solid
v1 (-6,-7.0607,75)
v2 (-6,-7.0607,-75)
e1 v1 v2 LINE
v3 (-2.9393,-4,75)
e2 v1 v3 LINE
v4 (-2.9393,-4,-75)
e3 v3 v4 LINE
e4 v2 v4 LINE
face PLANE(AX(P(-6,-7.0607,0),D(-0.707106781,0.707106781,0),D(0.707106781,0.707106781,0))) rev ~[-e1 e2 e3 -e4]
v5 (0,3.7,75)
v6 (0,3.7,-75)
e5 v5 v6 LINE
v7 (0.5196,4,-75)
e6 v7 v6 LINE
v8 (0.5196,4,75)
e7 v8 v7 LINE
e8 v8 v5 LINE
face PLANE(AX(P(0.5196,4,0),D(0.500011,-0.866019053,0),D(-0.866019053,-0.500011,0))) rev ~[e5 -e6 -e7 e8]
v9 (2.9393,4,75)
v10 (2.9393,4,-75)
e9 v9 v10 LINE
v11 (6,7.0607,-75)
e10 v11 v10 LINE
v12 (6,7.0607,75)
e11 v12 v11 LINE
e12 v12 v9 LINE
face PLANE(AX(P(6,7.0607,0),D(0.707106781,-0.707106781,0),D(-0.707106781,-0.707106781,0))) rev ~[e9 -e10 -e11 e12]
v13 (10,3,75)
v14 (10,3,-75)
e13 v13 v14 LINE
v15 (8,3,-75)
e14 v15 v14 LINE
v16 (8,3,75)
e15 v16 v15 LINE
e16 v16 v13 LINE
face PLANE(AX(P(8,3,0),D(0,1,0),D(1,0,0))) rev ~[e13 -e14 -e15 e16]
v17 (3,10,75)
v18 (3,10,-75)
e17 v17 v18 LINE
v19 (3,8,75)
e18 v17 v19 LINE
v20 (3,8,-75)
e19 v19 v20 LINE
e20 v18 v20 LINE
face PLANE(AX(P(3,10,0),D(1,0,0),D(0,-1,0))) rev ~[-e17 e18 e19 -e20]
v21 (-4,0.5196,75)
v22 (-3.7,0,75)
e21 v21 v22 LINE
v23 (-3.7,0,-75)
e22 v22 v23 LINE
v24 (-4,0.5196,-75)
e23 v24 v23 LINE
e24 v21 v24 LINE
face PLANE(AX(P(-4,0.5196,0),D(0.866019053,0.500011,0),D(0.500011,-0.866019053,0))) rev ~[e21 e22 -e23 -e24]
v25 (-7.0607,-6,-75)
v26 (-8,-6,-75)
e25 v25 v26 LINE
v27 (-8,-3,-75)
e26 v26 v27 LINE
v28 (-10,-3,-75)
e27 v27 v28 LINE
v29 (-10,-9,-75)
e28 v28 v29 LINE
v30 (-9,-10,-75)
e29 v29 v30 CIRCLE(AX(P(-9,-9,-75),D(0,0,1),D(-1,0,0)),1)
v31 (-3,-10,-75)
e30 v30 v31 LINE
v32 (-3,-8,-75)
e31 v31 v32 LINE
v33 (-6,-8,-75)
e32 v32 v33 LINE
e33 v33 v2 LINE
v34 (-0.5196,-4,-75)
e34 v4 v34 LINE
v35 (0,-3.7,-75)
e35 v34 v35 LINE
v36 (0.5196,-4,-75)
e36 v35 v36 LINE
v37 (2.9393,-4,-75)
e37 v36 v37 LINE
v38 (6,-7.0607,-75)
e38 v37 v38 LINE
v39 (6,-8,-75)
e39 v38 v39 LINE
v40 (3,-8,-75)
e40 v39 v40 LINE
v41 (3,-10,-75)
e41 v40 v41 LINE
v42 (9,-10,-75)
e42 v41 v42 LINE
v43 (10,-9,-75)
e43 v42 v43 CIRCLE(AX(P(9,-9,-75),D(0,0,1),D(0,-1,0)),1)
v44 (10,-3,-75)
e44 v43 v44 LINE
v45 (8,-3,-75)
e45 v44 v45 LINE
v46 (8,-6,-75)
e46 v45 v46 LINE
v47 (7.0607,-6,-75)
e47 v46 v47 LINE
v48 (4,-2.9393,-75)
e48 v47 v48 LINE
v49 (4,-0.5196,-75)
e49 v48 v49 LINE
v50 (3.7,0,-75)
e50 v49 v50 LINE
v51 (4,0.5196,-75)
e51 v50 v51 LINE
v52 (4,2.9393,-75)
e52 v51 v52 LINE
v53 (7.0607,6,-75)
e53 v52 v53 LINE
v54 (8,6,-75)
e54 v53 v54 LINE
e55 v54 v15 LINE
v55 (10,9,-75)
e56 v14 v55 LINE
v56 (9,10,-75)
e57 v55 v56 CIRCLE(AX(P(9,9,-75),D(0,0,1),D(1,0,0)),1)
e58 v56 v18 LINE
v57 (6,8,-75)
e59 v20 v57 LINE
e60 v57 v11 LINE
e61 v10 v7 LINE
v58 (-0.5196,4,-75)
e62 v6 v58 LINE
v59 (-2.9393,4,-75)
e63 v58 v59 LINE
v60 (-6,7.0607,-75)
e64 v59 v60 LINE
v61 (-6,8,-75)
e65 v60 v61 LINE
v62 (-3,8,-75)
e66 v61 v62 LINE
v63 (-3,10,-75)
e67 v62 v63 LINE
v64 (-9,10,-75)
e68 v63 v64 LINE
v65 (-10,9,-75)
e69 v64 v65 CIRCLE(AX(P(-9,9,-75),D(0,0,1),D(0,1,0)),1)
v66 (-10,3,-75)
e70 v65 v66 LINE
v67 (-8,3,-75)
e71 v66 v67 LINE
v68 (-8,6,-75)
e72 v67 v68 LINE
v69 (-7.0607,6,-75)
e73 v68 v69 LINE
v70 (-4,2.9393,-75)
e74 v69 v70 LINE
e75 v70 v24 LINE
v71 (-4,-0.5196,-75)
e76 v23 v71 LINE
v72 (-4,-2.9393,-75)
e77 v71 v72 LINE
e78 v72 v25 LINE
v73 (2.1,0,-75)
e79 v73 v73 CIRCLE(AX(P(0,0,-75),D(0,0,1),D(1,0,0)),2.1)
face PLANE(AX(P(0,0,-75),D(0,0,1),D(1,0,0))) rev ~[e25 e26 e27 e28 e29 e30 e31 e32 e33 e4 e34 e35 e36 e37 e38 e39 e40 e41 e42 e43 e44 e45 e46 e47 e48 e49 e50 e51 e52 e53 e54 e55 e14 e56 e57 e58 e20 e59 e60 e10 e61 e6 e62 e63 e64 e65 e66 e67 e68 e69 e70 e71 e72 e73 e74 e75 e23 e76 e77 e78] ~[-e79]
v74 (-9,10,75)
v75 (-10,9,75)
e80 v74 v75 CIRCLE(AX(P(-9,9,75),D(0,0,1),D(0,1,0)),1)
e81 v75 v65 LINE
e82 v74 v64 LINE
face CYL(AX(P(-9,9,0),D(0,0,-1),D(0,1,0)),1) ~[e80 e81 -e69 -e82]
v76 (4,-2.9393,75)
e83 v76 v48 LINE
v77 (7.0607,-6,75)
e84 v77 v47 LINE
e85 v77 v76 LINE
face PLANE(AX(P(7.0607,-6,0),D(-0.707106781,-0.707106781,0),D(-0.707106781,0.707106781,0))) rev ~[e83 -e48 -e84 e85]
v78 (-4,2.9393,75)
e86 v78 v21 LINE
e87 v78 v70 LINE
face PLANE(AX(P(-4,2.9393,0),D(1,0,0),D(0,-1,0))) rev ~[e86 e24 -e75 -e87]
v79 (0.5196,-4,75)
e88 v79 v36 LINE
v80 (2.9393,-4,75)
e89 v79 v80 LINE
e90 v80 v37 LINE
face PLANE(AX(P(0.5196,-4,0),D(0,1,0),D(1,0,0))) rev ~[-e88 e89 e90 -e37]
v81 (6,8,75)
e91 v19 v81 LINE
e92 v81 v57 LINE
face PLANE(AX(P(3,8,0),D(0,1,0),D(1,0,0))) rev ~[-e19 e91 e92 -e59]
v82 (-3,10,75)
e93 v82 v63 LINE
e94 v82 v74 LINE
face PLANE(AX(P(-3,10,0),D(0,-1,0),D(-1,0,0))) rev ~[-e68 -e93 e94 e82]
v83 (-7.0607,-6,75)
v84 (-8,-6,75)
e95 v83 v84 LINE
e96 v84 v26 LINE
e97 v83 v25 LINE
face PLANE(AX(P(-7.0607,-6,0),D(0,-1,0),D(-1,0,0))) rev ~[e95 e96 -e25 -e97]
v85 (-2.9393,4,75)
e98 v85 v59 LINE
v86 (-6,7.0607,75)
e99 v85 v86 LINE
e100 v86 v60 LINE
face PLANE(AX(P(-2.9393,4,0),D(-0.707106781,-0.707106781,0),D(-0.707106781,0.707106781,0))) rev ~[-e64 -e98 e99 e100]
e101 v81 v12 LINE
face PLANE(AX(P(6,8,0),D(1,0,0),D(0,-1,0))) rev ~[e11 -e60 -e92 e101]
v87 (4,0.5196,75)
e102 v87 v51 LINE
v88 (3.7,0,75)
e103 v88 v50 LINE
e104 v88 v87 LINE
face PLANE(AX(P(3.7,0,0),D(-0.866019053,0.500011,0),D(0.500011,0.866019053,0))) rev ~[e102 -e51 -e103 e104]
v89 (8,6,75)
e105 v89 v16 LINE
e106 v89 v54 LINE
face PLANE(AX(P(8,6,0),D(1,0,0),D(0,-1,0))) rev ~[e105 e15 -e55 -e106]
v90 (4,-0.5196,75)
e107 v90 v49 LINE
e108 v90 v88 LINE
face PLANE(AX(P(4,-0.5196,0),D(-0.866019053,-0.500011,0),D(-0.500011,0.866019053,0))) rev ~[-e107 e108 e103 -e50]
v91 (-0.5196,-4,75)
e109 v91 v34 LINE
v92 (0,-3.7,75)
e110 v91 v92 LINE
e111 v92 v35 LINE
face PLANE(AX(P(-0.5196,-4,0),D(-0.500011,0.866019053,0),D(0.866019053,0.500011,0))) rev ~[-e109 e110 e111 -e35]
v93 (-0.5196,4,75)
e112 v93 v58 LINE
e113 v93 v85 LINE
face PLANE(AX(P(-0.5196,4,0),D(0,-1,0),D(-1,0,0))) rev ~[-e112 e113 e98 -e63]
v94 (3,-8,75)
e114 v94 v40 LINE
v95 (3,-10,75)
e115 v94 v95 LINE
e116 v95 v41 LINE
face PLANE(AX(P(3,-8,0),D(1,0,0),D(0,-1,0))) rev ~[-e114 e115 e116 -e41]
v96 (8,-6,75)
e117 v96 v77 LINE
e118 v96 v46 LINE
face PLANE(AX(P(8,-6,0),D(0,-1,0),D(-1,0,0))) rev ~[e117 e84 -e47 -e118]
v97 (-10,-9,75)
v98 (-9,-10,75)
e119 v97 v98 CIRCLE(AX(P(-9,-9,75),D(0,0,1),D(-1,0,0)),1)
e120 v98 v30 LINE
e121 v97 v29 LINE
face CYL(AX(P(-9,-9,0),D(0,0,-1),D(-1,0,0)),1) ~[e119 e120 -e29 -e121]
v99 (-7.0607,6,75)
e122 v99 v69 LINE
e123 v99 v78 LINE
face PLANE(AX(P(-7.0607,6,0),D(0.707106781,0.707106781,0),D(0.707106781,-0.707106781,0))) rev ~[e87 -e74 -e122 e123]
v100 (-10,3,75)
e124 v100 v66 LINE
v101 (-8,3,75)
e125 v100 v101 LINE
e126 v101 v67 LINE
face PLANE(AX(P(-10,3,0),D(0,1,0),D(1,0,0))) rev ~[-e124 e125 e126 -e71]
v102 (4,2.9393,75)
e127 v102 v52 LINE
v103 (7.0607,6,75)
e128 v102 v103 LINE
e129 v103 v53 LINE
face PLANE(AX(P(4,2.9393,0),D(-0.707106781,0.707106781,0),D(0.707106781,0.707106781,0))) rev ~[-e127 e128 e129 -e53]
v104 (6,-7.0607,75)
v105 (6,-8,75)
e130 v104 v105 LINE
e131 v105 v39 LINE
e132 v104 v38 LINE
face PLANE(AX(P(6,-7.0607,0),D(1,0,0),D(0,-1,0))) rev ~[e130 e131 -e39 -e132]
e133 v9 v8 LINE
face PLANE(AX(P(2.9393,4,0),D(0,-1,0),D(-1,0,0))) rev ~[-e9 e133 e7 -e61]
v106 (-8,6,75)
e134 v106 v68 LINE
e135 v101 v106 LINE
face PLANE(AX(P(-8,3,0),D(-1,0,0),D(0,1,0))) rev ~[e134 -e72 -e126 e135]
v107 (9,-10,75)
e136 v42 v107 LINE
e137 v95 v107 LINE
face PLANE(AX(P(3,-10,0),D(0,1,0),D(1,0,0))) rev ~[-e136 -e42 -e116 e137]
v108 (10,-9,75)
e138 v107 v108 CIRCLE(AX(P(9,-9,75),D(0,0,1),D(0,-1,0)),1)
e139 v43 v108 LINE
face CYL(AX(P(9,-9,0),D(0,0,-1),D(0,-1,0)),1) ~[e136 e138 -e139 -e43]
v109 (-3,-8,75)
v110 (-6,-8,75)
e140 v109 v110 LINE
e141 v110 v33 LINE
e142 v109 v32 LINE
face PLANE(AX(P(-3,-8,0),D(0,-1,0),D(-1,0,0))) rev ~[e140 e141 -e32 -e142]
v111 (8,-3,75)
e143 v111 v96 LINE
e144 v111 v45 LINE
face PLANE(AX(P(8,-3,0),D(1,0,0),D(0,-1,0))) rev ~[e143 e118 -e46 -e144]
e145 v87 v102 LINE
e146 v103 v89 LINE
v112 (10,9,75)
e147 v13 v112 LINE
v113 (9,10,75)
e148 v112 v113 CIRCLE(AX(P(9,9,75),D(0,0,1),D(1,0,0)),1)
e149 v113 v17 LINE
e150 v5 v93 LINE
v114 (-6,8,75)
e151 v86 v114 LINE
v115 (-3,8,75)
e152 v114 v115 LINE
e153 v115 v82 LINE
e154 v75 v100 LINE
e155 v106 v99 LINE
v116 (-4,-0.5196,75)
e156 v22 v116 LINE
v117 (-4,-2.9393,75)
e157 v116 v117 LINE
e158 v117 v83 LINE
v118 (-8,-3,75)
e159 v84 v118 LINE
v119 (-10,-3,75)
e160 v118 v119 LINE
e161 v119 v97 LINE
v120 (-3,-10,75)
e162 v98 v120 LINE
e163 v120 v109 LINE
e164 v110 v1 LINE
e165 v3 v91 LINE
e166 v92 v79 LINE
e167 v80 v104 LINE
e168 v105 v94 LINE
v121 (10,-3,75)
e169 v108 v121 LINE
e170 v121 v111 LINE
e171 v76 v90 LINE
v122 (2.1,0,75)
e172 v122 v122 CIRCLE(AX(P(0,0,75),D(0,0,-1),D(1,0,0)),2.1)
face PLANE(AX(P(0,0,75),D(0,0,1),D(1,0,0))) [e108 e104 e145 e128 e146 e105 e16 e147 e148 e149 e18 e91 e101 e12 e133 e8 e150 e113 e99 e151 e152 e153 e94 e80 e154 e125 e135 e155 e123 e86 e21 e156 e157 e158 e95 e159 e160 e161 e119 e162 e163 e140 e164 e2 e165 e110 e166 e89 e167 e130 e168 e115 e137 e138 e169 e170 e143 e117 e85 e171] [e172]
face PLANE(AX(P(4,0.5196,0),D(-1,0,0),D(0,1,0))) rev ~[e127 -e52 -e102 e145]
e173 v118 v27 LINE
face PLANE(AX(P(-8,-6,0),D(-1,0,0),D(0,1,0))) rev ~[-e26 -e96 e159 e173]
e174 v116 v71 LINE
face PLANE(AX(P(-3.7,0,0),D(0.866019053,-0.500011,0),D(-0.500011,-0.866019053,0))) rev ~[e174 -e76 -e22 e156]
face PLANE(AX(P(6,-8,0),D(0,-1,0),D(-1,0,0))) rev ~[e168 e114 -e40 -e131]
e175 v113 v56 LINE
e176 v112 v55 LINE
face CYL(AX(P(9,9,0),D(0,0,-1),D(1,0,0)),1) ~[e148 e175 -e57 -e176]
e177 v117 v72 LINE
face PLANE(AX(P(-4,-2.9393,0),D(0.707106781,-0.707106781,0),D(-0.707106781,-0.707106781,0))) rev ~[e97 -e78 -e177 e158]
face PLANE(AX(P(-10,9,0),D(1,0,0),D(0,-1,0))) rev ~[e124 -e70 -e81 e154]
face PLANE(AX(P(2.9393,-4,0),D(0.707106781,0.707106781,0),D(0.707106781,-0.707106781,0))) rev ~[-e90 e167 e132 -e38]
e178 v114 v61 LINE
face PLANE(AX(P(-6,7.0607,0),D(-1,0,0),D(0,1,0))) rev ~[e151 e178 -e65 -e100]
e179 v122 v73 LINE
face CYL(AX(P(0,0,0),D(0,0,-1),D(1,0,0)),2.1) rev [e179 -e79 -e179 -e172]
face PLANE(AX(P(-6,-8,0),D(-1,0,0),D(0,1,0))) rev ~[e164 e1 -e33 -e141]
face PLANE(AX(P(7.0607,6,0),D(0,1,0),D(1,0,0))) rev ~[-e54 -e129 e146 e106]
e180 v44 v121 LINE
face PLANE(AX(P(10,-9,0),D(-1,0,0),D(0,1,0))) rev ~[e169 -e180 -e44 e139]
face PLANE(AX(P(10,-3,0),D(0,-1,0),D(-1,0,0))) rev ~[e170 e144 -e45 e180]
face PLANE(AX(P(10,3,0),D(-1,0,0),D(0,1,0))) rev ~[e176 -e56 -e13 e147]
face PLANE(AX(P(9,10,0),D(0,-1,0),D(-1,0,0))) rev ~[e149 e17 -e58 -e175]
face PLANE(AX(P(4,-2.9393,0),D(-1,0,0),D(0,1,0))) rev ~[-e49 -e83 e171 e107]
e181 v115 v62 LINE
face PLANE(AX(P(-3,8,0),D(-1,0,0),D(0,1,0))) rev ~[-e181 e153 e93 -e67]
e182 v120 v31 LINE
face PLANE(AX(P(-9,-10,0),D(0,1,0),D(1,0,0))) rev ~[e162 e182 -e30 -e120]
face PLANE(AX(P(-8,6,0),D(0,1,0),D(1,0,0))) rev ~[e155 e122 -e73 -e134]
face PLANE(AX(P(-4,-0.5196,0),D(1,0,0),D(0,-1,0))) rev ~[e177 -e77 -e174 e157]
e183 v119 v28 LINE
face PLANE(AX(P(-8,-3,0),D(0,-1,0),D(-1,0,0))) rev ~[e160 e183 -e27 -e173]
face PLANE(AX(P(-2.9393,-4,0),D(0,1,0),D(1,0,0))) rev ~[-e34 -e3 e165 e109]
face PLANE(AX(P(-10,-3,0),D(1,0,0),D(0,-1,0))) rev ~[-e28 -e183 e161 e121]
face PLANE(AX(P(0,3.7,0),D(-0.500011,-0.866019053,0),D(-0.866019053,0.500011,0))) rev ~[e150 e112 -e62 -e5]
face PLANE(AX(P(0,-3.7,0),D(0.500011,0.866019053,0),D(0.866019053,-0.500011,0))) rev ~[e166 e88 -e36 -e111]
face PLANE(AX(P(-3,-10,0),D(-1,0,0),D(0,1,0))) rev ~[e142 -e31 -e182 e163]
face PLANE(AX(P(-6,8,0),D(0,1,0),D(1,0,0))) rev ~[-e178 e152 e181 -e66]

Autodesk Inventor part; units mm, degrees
ref_plane "YZ Plane" through (0, 0, 0) normal (1, 0, 0) x (0, 1, 0)
ref_plane "XZ Plane" through (0, 0, 0) normal (0, 1, 0) x (-1, 0, 0)
ref_plane "XY Plane" through (0, 0, 0) normal (0, 0, 1) x (1, 0, 0)
sketch "Sketch1" plane through (0, 0, 0) normal (0, 0, 1) x (1, 0, 0)
  line L0 (-2.205, 0) -> (2.205, 0)
  line L1 (0, -2.205) -> (0, 2.205)
  arc A0 (9, -10) -> (10, -9) centre (9, -9) ccw
  line L2 (-10, 9) -> (-10, 3)
  line L3 (-10, 3) -> (-8, 3)
  line L4 (-8, 3) -> (-8, 6)
  line L5 (-8, 6) -> (-7.0607, 6)
  line L6 (-7.0607, 6) -> (-4, 2.9393)
  line L7 (-4, 2.9393) -> (-4, 0.5196)
  line L8 (-4, 0.5196) -> (-3.7, 0)
  line L9 (-3.7, 0) -> (-4, -0.5196)
  line L10 (-4, -0.5196) -> (-4, -2.9393)
  line L11 (-4, -2.9393) -> (-7.0607, -6)
  line L12 (-7.0607, -6) -> (-8, -6)
  line L13 (-8, -6) -> (-8, -3)
  line L14 (-8, -3) -> (-10, -3)
  line L15 (-10, -3) -> (-10, -9)
  arc A1 (-10, -9) -> (-9, -10) centre (-9, -9) ccw
  line L16 (-9, -10) -> (-3, -10)
  line L17 (-3, -10) -> (-3, -8)
  line L18 (-3, -8) -> (-6, -8)
  line L19 (-6, -7.0607) -> (-2.9393, -4)
  line L20 (-2.9393, -4) -> (-0.5196, -4)
  line L21 (-0.5196, -4) -> (0, -3.7)
  line L22 (0, -3.7) -> (0.5196, -4)
  line L23 (0.5196, -4) -> (2.9393, -4)
  line L24 (2.9393, -4) -> (6, -7.0607)
  line L25 (6, -7.0607) -> (6, -8)
  line L26 (6, -8) -> (3, -8)
  line L27 (3, -8) -> (3, -10)
  line L28 (3, -10) -> (9, -10)
  line L29 (10, -9) -> (10, -3)
  line L30 (10, -3) -> (8, -3)
  line L31 (8, -3) -> (8, -6)
  line L32 (8, -6) -> (7.0607, -6)
  line L33 (7.0607, -6) -> (4, -2.9393)
  line L34 (4, -2.9393) -> (4, -0.5196)
  line L35 (4, -0.5196) -> (3.7, 0)
  line L36 (3.7, 0) -> (4, 0.5196)
  line L37 (4, 0.5196) -> (4, 2.9393)
  line L38 (4, 2.9393) -> (7.0607, 6)
  line L39 (7.0607, 6) -> (8, 6)
  line L40 (8, 6) -> (8, 3)
  line L41 (8, 3) -> (10, 3)
  line L42 (10, 3) -> (10, 9)
  arc A2 (10, 9) -> (9, 10) centre (9, 9) ccw
  line L43 (9, 10) -> (3, 10)
  line L44 (3, 10) -> (3, 8)
  line L45 (3, 8) -> (6, 8)
  line L46 (6, 8) -> (6, 7.0607)
  line L47 (6, 7.0607) -> (2.9393, 4)
  line L48 (2.9393, 4) -> (0.5196, 4)
  line L49 (0.5196, 4) -> (0, 3.7)
  line L50 (0, 3.7) -> (-0.5196, 4)
  line L51 (-0.5196, 4) -> (-2.9393, 4)
  line L52 (-2.9393, 4) -> (-6, 7.0607)
  line L53 (-6, 7.0607) -> (-6, 8)
  line L54 (-6, 8) -> (-3, 8)
  line L55 (-3, 8) -> (-3, 10)
  line L56 (-3, 10) -> (-9, 10)
  arc A3 (-9, 10) -> (-10, 9) centre (-9, 9) ccw
  circle A4 centre (0, 0) radius 2.1
  line L57 (-6, -8) -> (-6, -7.0607)
extrude "Extrusion1" add sketch "Sketch1" along normal mid plane 150
equation "\"frameAcrylicThickness\" = 9.525"
equation "\"internalAcrylicThickness\" = 6.35"
equation "\"mirrorAngle\" = 5deg"
equation "\"detectorWidth\" = 52"
equation "\"detectorHeight\" = 52"
equation "\"mirrorThickness\" = 3.175"
equation "\"fresnelThickness\" = 0.1"
equation "\"focalLength\" = 76.2"
equation "\"ior\" = 1.49"
equation "\"centerThickness\" = 1.524"
equation "\"fresnelAngle\" = 90deg"
equation "\"fresnelEffectiveDiameter\" = 152.4"
equation "\"oRingWidth\" = 1.5875"
equation "\"sensorHolderDepth\" = 19.05"
equation "\"aerogelClearence\" = 3.175"
equation "\"backplanePCBWidth\" = 76.2"
equation "\"backplanePCBHeight\" = 76.2"
equation "\"backplaneHoleOffsett\" = 6.35"
equation "\"backplanePostionOffsett\" = 12.7"
equation "\"moduleSlotClearence\" = 0.79375"
equation "\"facingThickness\" = 12.7"
equation "\"facingGasketThickness\" = 1.5875"
properties part number "HFS5-2020" material "Aluminum 6061"
